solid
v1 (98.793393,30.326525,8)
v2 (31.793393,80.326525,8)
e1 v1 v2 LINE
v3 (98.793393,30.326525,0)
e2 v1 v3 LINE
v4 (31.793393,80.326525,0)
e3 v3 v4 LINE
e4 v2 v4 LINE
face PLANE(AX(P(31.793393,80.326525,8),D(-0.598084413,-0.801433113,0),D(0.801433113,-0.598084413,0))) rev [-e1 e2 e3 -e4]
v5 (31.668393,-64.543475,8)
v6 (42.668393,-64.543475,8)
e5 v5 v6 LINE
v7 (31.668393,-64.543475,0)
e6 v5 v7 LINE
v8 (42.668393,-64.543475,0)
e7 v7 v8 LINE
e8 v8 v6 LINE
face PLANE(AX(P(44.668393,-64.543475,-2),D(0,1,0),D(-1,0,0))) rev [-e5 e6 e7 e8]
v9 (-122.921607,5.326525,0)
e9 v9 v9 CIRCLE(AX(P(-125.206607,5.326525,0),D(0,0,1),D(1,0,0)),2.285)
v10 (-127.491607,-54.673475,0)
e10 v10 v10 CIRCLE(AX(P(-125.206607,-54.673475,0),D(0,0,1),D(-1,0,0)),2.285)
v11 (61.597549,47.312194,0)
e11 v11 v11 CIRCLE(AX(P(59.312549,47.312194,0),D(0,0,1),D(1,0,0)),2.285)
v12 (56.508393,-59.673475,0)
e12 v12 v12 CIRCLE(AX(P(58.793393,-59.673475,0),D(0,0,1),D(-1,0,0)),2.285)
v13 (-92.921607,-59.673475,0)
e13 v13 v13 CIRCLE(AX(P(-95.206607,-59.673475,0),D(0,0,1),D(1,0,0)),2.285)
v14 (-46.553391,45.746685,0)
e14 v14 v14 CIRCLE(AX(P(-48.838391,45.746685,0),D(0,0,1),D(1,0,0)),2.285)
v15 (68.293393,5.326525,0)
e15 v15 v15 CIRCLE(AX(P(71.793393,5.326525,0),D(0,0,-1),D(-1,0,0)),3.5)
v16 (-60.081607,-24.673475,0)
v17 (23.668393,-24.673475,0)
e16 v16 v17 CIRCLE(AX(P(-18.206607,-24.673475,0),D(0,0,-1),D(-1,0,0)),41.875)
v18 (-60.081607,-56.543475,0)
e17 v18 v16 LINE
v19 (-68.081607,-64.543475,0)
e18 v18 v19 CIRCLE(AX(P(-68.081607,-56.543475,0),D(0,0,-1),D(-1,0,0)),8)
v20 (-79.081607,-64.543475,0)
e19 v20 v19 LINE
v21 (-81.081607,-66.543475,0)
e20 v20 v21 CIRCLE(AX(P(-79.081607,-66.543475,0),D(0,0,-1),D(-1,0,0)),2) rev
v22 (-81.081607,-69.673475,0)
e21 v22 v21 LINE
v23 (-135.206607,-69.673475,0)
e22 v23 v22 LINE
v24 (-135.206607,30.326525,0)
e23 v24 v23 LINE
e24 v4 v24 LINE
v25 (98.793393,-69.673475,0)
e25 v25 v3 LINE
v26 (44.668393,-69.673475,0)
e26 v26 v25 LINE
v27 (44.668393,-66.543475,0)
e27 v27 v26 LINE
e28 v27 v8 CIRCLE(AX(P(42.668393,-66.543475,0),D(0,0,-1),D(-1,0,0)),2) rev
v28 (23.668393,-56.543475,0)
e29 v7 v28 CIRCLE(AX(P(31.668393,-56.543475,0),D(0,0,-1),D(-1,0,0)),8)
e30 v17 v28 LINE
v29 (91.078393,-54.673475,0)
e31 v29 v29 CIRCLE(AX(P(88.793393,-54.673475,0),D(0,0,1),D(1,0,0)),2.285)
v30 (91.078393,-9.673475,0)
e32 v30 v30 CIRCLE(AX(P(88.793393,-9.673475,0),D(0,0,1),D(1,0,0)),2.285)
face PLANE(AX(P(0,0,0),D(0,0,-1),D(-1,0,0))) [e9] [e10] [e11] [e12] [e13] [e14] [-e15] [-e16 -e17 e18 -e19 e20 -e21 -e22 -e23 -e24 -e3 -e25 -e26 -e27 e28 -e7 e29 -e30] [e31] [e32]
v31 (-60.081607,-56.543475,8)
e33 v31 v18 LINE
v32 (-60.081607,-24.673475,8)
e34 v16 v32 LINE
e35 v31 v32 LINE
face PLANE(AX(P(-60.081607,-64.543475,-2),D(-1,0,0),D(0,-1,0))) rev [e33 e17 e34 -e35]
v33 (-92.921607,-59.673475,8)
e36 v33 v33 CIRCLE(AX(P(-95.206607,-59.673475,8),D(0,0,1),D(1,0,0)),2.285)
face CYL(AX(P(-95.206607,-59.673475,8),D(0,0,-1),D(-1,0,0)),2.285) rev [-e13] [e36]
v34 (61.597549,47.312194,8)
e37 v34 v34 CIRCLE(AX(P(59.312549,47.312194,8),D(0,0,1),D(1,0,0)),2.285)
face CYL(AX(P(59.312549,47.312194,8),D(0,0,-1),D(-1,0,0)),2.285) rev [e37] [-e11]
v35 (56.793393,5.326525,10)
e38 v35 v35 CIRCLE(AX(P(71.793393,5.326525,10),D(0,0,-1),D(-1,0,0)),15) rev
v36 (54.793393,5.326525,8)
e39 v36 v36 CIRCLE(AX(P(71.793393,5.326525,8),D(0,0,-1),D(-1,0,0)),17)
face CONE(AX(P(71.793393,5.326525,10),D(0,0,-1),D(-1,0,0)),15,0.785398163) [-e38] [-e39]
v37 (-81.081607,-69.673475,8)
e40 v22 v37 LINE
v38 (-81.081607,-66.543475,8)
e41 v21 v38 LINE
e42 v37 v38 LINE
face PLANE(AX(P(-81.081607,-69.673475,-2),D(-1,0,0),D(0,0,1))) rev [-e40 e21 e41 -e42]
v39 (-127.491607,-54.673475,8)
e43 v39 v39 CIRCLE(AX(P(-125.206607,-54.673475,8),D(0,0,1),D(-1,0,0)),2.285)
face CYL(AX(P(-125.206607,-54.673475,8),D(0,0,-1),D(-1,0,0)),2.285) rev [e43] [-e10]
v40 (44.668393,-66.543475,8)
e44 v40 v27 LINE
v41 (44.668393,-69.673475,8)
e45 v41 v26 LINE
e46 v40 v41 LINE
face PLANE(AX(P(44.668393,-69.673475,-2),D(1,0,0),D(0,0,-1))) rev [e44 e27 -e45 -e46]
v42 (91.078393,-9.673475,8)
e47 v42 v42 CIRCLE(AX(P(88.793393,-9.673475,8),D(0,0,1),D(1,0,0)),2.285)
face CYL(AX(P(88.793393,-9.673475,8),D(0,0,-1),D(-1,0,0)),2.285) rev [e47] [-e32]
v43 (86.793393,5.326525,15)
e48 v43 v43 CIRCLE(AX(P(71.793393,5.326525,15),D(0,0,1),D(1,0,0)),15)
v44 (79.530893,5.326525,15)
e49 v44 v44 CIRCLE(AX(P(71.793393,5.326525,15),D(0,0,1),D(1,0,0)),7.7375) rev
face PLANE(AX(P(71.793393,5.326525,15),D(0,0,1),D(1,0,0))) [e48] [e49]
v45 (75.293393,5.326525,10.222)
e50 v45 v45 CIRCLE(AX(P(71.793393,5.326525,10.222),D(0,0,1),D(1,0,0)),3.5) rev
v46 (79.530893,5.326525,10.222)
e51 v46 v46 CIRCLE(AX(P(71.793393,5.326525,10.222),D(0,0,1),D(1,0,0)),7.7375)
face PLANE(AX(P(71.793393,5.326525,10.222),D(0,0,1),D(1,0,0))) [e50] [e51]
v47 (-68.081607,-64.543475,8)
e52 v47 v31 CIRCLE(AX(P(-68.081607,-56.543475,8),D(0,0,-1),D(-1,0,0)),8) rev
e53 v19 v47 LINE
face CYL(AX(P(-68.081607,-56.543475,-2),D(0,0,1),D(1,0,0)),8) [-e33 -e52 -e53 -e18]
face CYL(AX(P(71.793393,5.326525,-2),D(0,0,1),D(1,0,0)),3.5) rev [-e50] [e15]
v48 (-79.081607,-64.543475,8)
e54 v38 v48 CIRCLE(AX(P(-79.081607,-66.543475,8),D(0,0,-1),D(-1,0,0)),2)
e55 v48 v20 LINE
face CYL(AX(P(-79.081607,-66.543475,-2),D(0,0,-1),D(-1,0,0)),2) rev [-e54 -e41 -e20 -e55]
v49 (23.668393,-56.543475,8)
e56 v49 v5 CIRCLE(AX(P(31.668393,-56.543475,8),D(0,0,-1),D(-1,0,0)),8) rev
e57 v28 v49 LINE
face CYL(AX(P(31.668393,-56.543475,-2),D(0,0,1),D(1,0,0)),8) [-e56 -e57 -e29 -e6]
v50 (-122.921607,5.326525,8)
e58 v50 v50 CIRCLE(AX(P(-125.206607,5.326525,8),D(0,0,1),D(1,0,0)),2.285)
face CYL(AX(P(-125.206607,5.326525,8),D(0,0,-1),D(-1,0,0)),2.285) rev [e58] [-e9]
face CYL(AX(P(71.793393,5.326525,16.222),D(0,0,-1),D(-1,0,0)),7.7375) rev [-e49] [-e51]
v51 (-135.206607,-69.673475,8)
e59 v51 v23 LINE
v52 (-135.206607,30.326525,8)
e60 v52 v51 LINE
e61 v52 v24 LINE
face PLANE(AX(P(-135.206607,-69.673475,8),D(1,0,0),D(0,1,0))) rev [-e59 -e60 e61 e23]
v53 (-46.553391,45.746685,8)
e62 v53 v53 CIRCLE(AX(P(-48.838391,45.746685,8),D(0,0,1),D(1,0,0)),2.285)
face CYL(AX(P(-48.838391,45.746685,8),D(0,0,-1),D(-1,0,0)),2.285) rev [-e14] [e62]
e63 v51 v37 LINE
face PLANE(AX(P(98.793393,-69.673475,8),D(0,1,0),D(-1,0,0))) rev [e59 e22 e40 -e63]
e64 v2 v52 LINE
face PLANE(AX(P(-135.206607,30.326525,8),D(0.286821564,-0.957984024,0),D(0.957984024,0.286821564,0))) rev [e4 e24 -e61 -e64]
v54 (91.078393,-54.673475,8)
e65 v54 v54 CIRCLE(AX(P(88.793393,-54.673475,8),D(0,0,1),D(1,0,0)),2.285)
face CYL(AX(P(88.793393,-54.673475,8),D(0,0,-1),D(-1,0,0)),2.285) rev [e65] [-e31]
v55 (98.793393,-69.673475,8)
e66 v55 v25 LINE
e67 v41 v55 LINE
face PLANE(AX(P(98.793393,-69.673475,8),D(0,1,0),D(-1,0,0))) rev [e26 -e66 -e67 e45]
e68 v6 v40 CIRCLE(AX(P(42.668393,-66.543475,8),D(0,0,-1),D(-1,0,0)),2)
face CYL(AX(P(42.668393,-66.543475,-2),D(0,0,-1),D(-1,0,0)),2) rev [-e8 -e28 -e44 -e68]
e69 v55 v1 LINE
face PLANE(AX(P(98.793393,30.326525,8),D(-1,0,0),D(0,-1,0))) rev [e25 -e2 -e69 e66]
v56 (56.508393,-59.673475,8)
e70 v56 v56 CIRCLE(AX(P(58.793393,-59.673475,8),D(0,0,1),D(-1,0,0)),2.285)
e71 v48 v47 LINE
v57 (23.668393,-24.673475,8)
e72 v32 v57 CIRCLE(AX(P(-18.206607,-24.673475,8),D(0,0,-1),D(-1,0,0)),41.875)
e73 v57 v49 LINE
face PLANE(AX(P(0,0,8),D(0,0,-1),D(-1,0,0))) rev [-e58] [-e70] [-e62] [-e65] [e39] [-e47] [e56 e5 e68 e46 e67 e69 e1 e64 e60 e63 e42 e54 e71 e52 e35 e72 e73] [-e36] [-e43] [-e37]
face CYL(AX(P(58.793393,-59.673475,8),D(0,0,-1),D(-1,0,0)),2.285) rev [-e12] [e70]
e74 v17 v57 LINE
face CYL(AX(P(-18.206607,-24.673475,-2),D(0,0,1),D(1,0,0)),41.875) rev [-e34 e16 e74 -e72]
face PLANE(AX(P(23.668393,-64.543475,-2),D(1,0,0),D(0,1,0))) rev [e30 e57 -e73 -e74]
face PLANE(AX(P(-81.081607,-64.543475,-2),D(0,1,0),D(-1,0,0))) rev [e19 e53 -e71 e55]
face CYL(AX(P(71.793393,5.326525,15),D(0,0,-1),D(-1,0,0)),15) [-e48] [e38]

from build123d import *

# Parameters (mm, degrees)
SKETCH1_R               = 2.285
BOSS_EXTRUDE1_DEPTH     = 8
SKETCH2_R               = 15
BOSS_EXTRUDE2_DEPTH     = 15
CUT_EXTRUDE1_DEPTH      = 18
CUT_EXTRUDE1_DEPTH_BACK = 2
SKETCH3_R               = 3.5
CUT_EXTRUDE2_START      = 10.222
SKETCH4_R               = 7.7375
CUT_EXTRUDE2_DEPTH      = 6
FILLET1_R               = 8
FILLET2_R               = 2
CHAMFER1_SIZE           = 2


with BuildPart() as part:
    # Sketch1 → Boss-Extrude1 (new body)
    with BuildSketch(Plane.XY):
        Polygon((-135.206606908, -69.673474959), (-135.206606908, 30.326525041), (31.793393092, 80.326525041), (98.793393092, 30.326525041), (98.793393092, -69.673474959), align=None)
        with Locations((-125.206606908, 5.326525041)):
            Circle(SKETCH1_R, mode=Mode.SUBTRACT)
        with Locations((-95.206606908, -59.673474959)):
            Circle(SKETCH1_R, mode=Mode.SUBTRACT)
        with Locations((59.312548963, 47.312193908)):
            Circle(SKETCH1_R, mode=Mode.SUBTRACT)
        with Locations((-48.838391267, 45.7466848)):
            Circle(SKETCH1_R, mode=Mode.SUBTRACT)
        with Locations(Location((58.793393092, -59.673474959, 0), (0, 0, 180))):
            Circle(SKETCH1_R, mode=Mode.SUBTRACT)
        with Locations(Location((-125.206606908, -54.673474959, 0), (0, 0, 180))):
            Circle(SKETCH1_R, mode=Mode.SUBTRACT)
        with Locations((88.793393092, -54.673474959)):
            Circle(SKETCH1_R, mode=Mode.SUBTRACT)
        with Locations((88.793393092, -9.673474959)):
            Circle(SKETCH1_R, mode=Mode.SUBTRACT)
    extrude(amount=BOSS_EXTRUDE1_DEPTH)

    # Sketch2 → Boss-Extrude2 (add)
    with BuildSketch(Plane.XY):
        with Locations(Location((71.793393092, 5.326525041, 0), (0, 0, 180))):
            Circle(SKETCH2_R)
    extrude(amount=BOSS_EXTRUDE2_DEPTH)

    # Sketch3 → Cut-Extrude1 (cut, two sides: drawn at the far end of the back side and taken through both)
    with BuildSketch(Plane.XY.offset(-CUT_EXTRUDE1_DEPTH_BACK)):
        with Locations((71.793393092, 5.326525041)):
            Circle(SKETCH3_R)
        with BuildLine():
            Line((44.668393092, -69.673474959), (44.668393092, -64.543474959))
            Line((44.668393092, -64.543474959), (23.668393092, -64.543474959))
            Line((23.668393092, -64.543474959), (23.668393092, -24.673474959))
            ThreePointArc((23.668393092, -24.673474959), (-18.206606908, 17.201525041), (-60.081606908, -24.673474959))
            Line((-60.081606908, -24.673474959), (-60.081606908, -64.543474959))
            Line((-60.081606908, -64.543474959), (-81.081606908, -64.543474959))
            Line((-81.081606908, -64.543474959), (-81.081606908, -69.673474959))
            Line((-81.081606908, -69.673474959), (-81.081606908, -72.333497989))
            Line((-81.081606908, -72.333497989), (44.668393092, -72.333497989))
            Line((44.668393092, -72.333497989), (44.668393092, -69.673474959))
        make_face()
    extrude(amount=CUT_EXTRUDE1_DEPTH + CUT_EXTRUDE1_DEPTH_BACK, mode=Mode.SUBTRACT)

    # Sketch4 → Cut-Extrude2 (cut)
    with BuildSketch(Plane.XY.offset(CUT_EXTRUDE2_START)):
        with Locations((71.793393092, 5.326525041)):
            Circle(SKETCH4_R)
    extrude(amount=CUT_EXTRUDE2_DEPTH, mode=Mode.SUBTRACT)

    # Fillet1
    fillet1_edges = [part.edges().sort_by_distance(p)[0] for p in [
        (23.668393092, -64.543474959, 4),
        (-60.081606908, -64.543474959, 4),
    ]]
    fillet(fillet1_edges, radius=FILLET1_R)

    # Fillet2
    fillet2_edges = [part.edges().sort_by_distance(p)[0] for p in [
        (-81.081606908, -64.543474959, 4),
        (44.668393092, -64.543474959, 4),
    ]]
    fillet(fillet2_edges, radius=FILLET2_R)

    # Chamfer1
    chamfer1_edges = [part.edges().sort_by_distance(p)[0] for p in [
        (86.793393092, 5.326525041, 8),
    ]]
    chamfer(chamfer1_edges, length=CHAMFER1_SIZE)


solid = part.part
